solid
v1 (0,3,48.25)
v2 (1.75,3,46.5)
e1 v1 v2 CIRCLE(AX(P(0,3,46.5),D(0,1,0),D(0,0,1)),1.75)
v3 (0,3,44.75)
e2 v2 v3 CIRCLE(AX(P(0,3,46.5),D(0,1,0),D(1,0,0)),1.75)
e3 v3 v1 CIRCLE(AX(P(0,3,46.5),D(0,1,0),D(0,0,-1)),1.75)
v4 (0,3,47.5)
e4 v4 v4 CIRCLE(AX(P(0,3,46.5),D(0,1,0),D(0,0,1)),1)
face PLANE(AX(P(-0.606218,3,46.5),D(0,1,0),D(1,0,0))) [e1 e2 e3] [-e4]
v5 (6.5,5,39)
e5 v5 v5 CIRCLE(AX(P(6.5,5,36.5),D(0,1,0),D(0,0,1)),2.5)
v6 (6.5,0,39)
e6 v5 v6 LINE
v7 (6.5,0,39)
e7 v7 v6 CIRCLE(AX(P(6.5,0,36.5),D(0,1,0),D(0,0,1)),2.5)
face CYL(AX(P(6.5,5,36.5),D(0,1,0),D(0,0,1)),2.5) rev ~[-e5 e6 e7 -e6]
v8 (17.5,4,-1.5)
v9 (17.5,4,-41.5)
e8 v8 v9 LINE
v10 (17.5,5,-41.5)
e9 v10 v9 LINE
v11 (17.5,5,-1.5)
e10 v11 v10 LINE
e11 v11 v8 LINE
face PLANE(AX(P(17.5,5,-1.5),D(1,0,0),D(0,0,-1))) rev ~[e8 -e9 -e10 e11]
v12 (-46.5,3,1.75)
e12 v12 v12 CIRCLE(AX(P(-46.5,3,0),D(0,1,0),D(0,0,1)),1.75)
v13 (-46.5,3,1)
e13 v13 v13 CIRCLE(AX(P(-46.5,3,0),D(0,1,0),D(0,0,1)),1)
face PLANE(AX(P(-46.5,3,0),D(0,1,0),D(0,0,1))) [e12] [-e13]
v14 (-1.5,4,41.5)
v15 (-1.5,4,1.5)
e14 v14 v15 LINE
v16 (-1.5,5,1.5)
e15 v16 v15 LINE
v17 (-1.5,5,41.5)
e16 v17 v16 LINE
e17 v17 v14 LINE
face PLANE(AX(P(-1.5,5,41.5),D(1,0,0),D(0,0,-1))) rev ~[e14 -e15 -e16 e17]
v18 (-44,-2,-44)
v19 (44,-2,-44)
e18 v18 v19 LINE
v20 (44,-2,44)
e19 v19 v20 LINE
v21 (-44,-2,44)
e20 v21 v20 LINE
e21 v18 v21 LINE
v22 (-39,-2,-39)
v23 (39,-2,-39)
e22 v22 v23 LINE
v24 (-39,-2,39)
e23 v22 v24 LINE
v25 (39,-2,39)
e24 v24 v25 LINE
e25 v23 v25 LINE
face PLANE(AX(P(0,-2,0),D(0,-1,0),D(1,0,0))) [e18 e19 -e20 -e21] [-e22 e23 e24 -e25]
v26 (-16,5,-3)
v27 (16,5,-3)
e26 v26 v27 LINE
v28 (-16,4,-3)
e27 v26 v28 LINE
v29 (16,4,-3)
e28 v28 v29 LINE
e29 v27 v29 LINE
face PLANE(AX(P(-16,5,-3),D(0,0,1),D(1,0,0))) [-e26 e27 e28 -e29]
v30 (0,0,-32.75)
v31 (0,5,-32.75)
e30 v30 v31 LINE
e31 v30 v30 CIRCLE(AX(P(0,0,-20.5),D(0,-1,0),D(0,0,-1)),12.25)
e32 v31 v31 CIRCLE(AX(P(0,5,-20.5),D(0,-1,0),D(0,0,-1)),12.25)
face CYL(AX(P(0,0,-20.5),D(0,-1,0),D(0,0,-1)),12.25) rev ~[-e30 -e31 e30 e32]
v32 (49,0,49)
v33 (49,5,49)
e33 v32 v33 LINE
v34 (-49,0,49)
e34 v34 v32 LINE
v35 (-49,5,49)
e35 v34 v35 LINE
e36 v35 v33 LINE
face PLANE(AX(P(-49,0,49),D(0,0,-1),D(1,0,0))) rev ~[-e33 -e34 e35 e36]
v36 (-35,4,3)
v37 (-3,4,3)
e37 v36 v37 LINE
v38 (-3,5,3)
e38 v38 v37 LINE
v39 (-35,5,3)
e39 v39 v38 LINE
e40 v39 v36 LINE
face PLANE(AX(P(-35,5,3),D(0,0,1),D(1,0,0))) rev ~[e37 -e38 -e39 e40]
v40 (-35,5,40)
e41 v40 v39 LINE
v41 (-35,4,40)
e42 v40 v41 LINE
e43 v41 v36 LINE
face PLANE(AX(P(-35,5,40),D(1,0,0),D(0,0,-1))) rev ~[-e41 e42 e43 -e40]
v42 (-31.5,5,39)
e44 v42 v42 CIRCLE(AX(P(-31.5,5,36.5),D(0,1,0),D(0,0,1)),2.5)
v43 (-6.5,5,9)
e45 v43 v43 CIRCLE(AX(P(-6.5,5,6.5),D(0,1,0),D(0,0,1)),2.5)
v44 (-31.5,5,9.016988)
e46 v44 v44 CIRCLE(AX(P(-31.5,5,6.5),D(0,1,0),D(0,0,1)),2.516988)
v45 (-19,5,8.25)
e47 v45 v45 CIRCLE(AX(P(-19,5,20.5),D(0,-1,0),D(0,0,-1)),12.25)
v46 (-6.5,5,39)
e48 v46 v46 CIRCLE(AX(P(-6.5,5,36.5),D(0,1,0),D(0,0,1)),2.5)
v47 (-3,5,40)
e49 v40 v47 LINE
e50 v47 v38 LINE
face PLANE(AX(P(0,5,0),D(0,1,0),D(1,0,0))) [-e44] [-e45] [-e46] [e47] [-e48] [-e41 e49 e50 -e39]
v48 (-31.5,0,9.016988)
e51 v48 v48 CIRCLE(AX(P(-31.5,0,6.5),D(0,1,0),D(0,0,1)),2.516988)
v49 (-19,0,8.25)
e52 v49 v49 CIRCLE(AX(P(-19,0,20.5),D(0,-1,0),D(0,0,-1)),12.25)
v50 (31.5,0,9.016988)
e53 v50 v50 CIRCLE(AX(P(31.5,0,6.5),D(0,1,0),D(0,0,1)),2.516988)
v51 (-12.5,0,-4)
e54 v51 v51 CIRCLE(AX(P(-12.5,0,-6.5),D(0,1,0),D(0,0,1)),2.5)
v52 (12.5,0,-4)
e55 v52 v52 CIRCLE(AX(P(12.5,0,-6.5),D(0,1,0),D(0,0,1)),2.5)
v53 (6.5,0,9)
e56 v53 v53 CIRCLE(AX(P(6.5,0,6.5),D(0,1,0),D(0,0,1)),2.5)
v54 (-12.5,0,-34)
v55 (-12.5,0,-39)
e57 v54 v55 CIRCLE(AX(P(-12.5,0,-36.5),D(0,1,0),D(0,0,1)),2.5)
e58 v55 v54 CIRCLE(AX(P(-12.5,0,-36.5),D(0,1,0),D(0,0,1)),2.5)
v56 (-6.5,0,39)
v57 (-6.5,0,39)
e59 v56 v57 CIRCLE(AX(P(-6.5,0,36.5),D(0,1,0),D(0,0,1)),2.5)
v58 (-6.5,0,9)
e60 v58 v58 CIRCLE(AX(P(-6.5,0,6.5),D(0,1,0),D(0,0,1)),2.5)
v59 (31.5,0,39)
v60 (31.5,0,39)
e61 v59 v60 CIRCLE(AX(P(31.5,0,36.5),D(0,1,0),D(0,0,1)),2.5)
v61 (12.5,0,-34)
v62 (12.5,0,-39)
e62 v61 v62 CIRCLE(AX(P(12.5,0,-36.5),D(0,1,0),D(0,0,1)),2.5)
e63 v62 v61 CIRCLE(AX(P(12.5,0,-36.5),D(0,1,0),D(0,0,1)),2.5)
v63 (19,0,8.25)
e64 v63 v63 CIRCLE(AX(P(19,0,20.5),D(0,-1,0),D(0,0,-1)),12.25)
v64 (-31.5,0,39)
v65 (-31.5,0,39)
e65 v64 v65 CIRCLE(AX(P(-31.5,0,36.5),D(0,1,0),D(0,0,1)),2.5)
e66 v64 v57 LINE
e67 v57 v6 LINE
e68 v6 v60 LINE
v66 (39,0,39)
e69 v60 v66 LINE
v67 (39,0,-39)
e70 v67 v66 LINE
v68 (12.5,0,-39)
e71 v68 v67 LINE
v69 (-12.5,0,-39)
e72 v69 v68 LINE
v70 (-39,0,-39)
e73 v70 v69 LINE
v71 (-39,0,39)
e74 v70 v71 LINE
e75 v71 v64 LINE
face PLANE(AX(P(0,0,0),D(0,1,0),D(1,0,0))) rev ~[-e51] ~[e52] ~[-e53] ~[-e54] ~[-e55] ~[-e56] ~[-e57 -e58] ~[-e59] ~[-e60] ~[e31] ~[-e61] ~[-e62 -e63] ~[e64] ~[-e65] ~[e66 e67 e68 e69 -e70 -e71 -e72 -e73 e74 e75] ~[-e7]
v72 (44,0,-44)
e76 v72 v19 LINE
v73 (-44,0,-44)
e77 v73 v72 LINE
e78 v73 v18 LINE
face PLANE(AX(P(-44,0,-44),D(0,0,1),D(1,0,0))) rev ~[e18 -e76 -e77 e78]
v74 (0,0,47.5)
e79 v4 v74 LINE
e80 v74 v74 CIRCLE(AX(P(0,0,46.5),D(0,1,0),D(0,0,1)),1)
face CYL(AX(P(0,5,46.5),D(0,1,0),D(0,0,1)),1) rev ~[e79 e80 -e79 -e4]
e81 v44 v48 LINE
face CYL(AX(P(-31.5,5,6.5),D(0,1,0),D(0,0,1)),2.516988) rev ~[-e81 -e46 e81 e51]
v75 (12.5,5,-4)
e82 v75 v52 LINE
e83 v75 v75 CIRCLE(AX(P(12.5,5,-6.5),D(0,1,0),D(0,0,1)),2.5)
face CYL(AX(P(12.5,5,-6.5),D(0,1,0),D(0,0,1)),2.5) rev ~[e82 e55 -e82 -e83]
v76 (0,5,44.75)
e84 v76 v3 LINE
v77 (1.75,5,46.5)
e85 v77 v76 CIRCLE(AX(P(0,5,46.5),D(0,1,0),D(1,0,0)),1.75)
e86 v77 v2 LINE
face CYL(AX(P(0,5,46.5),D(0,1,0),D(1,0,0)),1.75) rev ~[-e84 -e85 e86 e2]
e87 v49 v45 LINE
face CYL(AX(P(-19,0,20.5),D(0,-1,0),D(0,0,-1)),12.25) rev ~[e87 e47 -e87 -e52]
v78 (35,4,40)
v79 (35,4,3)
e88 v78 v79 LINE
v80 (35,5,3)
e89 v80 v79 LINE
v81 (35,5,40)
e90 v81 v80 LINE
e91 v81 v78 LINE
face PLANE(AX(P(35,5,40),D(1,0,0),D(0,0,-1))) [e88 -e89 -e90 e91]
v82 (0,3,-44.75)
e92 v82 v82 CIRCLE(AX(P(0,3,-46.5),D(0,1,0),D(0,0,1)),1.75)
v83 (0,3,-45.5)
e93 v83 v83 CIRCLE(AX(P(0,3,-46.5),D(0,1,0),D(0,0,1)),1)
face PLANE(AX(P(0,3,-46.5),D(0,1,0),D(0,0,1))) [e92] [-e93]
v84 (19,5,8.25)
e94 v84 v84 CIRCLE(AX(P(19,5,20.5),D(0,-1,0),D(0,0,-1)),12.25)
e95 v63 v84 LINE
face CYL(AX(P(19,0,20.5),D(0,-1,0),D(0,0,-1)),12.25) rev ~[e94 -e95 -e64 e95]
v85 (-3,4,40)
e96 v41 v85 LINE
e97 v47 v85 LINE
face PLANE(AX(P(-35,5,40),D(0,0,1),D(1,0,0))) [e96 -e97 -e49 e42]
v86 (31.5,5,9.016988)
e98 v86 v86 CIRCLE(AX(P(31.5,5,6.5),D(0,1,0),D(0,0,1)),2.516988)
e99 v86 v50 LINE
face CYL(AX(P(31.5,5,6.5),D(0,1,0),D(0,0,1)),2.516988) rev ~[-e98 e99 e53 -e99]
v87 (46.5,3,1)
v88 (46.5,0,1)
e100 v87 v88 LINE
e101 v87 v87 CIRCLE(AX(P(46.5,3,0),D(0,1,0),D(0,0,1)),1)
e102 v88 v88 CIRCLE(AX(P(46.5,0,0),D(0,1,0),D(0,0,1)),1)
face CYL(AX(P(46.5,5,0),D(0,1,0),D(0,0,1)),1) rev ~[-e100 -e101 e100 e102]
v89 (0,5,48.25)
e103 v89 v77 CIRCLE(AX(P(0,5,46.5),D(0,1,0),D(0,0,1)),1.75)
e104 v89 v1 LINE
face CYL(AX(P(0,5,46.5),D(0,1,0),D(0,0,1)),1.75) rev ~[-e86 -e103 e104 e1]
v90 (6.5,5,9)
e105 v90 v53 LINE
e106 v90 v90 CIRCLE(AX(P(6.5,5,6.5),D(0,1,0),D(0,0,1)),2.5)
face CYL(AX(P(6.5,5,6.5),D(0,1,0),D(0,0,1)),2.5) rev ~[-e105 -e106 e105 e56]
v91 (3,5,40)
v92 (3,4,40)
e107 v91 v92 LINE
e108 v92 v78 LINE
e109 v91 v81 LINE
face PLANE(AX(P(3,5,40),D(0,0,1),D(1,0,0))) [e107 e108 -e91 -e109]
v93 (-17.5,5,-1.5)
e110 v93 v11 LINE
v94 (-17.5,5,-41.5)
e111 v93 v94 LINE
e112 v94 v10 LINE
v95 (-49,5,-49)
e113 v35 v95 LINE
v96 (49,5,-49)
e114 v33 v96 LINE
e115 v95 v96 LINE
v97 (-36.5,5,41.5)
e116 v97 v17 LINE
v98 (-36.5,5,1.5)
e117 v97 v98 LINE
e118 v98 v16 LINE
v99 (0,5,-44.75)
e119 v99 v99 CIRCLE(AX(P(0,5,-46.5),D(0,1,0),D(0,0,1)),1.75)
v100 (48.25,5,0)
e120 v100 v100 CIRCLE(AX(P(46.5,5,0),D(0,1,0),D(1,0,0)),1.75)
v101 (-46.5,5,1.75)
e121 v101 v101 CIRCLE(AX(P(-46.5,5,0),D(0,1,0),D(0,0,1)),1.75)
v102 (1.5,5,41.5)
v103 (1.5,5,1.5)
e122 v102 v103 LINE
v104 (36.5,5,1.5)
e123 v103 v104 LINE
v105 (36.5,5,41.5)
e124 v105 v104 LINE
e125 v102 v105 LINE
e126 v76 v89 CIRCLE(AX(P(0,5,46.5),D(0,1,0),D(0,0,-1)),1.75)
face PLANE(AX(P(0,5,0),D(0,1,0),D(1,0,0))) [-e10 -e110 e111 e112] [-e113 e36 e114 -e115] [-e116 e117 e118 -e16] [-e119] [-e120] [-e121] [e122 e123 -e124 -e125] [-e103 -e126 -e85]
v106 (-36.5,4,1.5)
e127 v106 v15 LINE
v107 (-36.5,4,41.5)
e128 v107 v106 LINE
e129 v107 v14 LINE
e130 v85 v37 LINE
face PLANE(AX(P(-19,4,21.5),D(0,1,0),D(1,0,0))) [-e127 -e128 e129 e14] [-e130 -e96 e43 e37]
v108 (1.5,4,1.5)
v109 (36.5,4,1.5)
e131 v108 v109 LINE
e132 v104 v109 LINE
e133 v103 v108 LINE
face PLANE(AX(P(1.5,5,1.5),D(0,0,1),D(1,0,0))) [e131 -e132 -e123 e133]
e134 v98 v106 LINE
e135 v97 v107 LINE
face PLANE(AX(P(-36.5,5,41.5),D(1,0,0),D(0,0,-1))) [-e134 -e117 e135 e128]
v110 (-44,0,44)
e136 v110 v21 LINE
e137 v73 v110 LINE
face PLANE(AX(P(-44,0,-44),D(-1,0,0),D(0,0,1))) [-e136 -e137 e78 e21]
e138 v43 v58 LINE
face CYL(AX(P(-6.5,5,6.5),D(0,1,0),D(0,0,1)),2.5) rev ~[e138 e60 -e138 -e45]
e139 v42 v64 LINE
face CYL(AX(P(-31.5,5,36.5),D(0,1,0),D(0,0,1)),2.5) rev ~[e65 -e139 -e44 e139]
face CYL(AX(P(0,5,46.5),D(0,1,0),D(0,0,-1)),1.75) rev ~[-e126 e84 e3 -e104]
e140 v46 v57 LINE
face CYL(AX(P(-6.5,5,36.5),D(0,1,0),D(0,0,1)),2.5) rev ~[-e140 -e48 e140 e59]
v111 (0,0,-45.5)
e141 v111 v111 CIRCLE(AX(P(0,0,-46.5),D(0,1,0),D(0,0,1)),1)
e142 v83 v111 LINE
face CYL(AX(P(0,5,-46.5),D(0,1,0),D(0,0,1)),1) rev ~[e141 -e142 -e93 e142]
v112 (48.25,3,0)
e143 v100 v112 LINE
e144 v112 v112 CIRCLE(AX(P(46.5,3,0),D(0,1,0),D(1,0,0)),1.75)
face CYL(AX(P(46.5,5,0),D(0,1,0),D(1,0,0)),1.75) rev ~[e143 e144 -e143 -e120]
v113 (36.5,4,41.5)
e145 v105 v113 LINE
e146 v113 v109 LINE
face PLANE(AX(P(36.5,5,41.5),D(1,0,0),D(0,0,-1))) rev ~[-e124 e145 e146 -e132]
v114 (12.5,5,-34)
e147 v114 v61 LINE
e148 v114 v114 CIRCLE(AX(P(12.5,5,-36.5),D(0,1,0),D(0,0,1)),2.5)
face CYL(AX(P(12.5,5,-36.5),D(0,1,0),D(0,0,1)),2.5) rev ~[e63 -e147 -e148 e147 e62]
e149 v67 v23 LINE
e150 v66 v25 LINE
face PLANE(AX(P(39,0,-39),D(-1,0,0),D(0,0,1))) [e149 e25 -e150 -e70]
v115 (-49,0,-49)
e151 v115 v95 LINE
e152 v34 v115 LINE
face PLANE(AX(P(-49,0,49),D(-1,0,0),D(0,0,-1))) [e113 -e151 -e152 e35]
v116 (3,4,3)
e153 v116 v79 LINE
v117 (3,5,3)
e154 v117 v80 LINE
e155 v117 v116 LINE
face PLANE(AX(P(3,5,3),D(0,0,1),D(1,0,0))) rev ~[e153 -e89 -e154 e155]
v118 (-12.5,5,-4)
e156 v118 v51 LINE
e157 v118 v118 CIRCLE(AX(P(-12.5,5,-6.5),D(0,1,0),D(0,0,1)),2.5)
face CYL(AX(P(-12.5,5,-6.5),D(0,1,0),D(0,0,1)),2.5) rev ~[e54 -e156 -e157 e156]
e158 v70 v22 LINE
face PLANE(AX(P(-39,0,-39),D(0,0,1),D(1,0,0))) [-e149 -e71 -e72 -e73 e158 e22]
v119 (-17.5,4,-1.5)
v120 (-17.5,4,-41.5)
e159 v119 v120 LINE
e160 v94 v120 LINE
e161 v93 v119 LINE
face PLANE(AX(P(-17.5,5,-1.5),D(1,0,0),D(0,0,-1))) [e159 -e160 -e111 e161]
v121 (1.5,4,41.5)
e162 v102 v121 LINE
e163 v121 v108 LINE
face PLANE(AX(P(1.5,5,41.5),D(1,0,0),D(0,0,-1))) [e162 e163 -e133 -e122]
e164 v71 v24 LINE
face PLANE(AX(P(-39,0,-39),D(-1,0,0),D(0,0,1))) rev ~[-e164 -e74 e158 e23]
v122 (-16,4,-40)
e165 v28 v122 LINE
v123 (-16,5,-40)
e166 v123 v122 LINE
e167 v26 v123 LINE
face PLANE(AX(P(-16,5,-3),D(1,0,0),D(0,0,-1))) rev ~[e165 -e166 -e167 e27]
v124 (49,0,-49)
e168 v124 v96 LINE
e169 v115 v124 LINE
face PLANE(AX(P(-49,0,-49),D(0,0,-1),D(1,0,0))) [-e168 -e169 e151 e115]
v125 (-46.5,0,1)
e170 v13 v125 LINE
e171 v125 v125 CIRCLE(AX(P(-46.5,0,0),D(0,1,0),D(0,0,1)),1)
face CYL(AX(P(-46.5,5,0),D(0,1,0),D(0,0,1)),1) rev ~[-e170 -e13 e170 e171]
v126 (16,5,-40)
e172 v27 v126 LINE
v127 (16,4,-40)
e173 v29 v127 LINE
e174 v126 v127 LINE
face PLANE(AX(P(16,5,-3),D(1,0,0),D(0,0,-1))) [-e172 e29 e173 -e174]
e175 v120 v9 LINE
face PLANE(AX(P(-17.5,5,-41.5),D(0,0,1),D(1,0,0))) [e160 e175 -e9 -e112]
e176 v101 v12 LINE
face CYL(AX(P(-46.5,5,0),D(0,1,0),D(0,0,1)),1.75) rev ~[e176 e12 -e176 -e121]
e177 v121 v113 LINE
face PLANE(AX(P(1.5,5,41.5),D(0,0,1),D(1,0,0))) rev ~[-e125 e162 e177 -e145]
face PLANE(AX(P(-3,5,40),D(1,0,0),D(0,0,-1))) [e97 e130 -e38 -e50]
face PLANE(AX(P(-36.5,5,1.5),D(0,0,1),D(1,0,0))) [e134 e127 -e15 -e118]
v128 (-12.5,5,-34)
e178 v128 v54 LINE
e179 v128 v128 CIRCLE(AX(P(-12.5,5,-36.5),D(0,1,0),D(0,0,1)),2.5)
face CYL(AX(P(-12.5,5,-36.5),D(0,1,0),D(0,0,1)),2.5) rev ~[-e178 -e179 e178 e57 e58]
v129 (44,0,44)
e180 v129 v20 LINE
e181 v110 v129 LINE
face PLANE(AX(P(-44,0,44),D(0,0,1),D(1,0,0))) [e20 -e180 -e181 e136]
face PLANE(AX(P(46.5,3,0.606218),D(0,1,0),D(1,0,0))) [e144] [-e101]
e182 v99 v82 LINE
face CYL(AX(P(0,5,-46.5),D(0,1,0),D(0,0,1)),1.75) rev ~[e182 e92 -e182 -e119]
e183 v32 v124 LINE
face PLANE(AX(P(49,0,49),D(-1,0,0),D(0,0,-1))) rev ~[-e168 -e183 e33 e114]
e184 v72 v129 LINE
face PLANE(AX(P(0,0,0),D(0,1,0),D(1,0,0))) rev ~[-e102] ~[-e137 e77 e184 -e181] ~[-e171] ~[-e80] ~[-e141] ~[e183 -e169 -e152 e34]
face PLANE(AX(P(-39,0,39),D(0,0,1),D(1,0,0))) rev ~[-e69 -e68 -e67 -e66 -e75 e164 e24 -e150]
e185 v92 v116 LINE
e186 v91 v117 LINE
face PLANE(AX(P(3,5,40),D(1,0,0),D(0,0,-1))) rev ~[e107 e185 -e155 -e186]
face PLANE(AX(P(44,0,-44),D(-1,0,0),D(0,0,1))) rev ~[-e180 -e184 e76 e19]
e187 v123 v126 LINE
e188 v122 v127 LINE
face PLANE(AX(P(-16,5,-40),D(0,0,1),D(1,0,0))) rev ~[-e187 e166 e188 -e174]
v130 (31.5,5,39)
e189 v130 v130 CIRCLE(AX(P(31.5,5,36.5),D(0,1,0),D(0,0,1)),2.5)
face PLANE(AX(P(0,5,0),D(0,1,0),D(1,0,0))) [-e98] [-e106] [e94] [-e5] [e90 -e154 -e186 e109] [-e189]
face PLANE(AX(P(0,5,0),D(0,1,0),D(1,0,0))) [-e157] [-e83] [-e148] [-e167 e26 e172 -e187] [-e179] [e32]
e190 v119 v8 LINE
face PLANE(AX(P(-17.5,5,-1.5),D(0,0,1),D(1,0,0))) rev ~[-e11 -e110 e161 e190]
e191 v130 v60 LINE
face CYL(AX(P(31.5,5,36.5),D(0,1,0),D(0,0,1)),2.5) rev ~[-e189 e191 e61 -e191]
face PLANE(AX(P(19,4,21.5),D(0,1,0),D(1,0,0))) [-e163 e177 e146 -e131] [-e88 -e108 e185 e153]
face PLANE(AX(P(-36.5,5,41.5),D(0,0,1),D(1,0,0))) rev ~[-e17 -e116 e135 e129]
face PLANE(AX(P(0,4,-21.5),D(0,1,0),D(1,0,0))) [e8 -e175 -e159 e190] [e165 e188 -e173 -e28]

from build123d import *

# Parameters (mm, degrees)
SKETCH1_W           = 98
SKETCH1_H           = 98
BOSS_EXTRUDE2_DEPTH = 5
SKETCH6_R           = 2.5
SKETCH6_R_2         = 2.516988407
CUT_EXTRUDE11_DEPTH = 19
SKETCH9_R           = 12.25
CUT_EXTRUDE10_DEPTH = 19
SKETCH10_W          = 35
SKETCH10_H          = 40
SKETCH10_W_2        = 32
SKETCH10_H_2        = 37
CUT_EXTRUDE12_DEPTH = 1
SKETCH12_W          = 88
SKETCH12_H          = 88
SKETCH12_W_2        = 78
SKETCH12_H_2        = 78
BOSS_EXTRUDE4_DEPTH = 2
SKETCH13_R          = 1.75
CUT_EXTRUDE13_DEPTH = 2
SKETCH14_R          = 1
CUT_EXTRUDE14_DEPTH = 9


with BuildPart() as part:
    # Sketch1 → Boss-Extrude2 (new body)
    with BuildSketch(Plane(origin=(0, 0, 0), x_dir=(1, 0, 0), z_dir=(0, 1, 0))):
        Rectangle(SKETCH1_W, SKETCH1_H)
    extrude(amount=BOSS_EXTRUDE2_DEPTH)

    # Sketch6 → Cut-Extrude11 (cut)
    with BuildSketch(Plane(origin=(0, 5, 0), x_dir=(1, 0, 0), z_dir=(0, 1, 0))):
        with Locations(Location((-12.5, 36.5, 0), (0, 0, 270))):
            Circle(SKETCH6_R)
        with Locations(Location((12.5, 36.5, 0), (0, 0, 270))):
            Circle(SKETCH6_R)
        with Locations(Location((-12.5, 6.5, 0), (0, 0, 270))):
            Circle(SKETCH6_R)
        with Locations(Location((12.5, 6.5, 0), (0, 0, 270))):
            Circle(SKETCH6_R)
        with Locations(Location((-31.5, -6.5, 0), (0, 0, 270))):
            Circle(SKETCH6_R_2)
        with Locations(Location((-6.5, -6.5, 0), (0, 0, 270))):
            Circle(SKETCH6_R)
        with Locations(Location((-31.5, -36.5, 0), (0, 0, 270))):
            Circle(SKETCH6_R)
        with Locations(Location((-6.5, -36.5, 0), (0, 0, 270))):
            Circle(SKETCH6_R)
        with Locations(Location((6.5, -36.5, 0), (0, 0, 270))):
            Circle(SKETCH6_R)
        with Locations(Location((31.5, -36.5, 0), (0, 0, 270))):
            Circle(SKETCH6_R)
        with Locations(Location((6.5, -6.5, 0), (0, 0, 270))):
            Circle(SKETCH6_R)
        with Locations(Location((31.5, -6.5, 0), (0, 0, 270))):
            Circle(SKETCH6_R_2)
    extrude(amount=-CUT_EXTRUDE11_DEPTH, mode=Mode.SUBTRACT)

    # Sketch9 → Cut-Extrude10 (cut)
    with BuildSketch(Plane.XZ):
        with Locations(Location((0, -20.5, 0), (0, 0, 270))):
            Circle(SKETCH9_R)
        with Locations(Location((19, 20.5, 0), (0, 0, 270))):
            Circle(SKETCH9_R)
        with Locations(Location((-19, 20.5, 0), (0, 0, 270))):
            Circle(SKETCH9_R)
    extrude(amount=-CUT_EXTRUDE10_DEPTH, mode=Mode.SUBTRACT)

    # Sketch10 → Cut-Extrude12 (cut)
    # profile 1 of 3: a face of its own
    with BuildSketch(Plane(origin=(0, 5, 0), x_dir=(1, 0, 0), z_dir=(0, 1, 0))):
        with Locations((0, 21.5)):
            Rectangle(SKETCH10_W, SKETCH10_H)
        with Locations((0, 21.5)):
            Rectangle(SKETCH10_W_2, SKETCH10_H_2, mode=Mode.SUBTRACT)
    # profile 2 of 3: a face of its own
    with BuildSketch(Plane(origin=(0, 5, 0), x_dir=(1, 0, 0), z_dir=(0, 1, 0))):
        with Locations((-19, -21.5)):
            Rectangle(SKETCH10_W, SKETCH10_H)
        with Locations((-19, -21.5)):
            Rectangle(SKETCH10_W_2, SKETCH10_H_2, mode=Mode.SUBTRACT)
    # profile 3 of 3: a face of its own
    with BuildSketch(Plane(origin=(0, 5, 0), x_dir=(1, 0, 0), z_dir=(0, 1, 0))):
        with Locations((19, -21.5)):
            Rectangle(SKETCH10_W, SKETCH10_H)
        with Locations((19, -21.5)):
            Rectangle(SKETCH10_W_2, SKETCH10_H_2, mode=Mode.SUBTRACT)
    extrude(amount=-CUT_EXTRUDE12_DEPTH, mode=Mode.SUBTRACT)

    # Sketch12 → Boss-Extrude4 (add)
    with BuildSketch(Plane.XZ):
        Rectangle(SKETCH12_W, SKETCH12_H)
        Rectangle(SKETCH12_W_2, SKETCH12_H_2, mode=Mode.SUBTRACT)
    extrude(amount=BOSS_EXTRUDE4_DEPTH)

    # Sketch13 → Cut-Extrude13 (cut)
    with BuildSketch(Plane(origin=(0, 5, 0), x_dir=(1, 0, 0), z_dir=(0, 1, 0))):
        with BuildLine():
            ThreePointArc((0, -44.75), (-1.75, -46.5), (0, -48.25))
            Line((0, -48.25), (0, -44.75))
        make_face()
        with BuildLine():
            Line((0, -44.75), (0, -48.25))
            ThreePointArc((0, -48.25), (1.237436867, -47.737436867), (1.75, -46.5))
            ThreePointArc((1.75, -46.5), (1.237436867, -45.262563133), (0, -44.75))
        make_face()
        with Locations(Location((-46.5, 0, 0), (0, 0, 270))):
            Circle(SKETCH13_R)
        with Locations(Location((0, 46.5, 0), (0, 0, 270))):
            Circle(SKETCH13_R)
        with BuildLine():
            ThreePointArc((44.75, 0), (46.5, -1.75), (48.25, 0))
            Line((48.25, 0), (44.75, 0))
        make_face()
        with BuildLine():
            Line((44.75, 0), (48.25, 0))
            ThreePointArc((48.25, 0), (46.5, 1.75), (44.75, 0))
        make_face()
    extrude(amount=-CUT_EXTRUDE13_DEPTH, mode=Mode.SUBTRACT)

    # Sketch14 → Cut-Extrude14 (cut)
    with BuildSketch(Plane(origin=(0, 5, 0), x_dir=(1, 0, 0), z_dir=(0, 1, 0))):
        with Locations(Location((0, -46.5, 0), (0, 0, 270))):
            Circle(SKETCH14_R)
        with Locations(Location((-46.5, 0, 0), (0, 0, 270))):
            Circle(SKETCH14_R)
        with Locations(Location((46.5, 0, 0), (0, 0, 270))):
            Circle(SKETCH14_R)
        with Locations(Location((0, 46.5, 0), (0, 0, 270))):
            Circle(SKETCH14_R)
    extrude(amount=-CUT_EXTRUDE14_DEPTH, mode=Mode.SUBTRACT)


solid = part.part
